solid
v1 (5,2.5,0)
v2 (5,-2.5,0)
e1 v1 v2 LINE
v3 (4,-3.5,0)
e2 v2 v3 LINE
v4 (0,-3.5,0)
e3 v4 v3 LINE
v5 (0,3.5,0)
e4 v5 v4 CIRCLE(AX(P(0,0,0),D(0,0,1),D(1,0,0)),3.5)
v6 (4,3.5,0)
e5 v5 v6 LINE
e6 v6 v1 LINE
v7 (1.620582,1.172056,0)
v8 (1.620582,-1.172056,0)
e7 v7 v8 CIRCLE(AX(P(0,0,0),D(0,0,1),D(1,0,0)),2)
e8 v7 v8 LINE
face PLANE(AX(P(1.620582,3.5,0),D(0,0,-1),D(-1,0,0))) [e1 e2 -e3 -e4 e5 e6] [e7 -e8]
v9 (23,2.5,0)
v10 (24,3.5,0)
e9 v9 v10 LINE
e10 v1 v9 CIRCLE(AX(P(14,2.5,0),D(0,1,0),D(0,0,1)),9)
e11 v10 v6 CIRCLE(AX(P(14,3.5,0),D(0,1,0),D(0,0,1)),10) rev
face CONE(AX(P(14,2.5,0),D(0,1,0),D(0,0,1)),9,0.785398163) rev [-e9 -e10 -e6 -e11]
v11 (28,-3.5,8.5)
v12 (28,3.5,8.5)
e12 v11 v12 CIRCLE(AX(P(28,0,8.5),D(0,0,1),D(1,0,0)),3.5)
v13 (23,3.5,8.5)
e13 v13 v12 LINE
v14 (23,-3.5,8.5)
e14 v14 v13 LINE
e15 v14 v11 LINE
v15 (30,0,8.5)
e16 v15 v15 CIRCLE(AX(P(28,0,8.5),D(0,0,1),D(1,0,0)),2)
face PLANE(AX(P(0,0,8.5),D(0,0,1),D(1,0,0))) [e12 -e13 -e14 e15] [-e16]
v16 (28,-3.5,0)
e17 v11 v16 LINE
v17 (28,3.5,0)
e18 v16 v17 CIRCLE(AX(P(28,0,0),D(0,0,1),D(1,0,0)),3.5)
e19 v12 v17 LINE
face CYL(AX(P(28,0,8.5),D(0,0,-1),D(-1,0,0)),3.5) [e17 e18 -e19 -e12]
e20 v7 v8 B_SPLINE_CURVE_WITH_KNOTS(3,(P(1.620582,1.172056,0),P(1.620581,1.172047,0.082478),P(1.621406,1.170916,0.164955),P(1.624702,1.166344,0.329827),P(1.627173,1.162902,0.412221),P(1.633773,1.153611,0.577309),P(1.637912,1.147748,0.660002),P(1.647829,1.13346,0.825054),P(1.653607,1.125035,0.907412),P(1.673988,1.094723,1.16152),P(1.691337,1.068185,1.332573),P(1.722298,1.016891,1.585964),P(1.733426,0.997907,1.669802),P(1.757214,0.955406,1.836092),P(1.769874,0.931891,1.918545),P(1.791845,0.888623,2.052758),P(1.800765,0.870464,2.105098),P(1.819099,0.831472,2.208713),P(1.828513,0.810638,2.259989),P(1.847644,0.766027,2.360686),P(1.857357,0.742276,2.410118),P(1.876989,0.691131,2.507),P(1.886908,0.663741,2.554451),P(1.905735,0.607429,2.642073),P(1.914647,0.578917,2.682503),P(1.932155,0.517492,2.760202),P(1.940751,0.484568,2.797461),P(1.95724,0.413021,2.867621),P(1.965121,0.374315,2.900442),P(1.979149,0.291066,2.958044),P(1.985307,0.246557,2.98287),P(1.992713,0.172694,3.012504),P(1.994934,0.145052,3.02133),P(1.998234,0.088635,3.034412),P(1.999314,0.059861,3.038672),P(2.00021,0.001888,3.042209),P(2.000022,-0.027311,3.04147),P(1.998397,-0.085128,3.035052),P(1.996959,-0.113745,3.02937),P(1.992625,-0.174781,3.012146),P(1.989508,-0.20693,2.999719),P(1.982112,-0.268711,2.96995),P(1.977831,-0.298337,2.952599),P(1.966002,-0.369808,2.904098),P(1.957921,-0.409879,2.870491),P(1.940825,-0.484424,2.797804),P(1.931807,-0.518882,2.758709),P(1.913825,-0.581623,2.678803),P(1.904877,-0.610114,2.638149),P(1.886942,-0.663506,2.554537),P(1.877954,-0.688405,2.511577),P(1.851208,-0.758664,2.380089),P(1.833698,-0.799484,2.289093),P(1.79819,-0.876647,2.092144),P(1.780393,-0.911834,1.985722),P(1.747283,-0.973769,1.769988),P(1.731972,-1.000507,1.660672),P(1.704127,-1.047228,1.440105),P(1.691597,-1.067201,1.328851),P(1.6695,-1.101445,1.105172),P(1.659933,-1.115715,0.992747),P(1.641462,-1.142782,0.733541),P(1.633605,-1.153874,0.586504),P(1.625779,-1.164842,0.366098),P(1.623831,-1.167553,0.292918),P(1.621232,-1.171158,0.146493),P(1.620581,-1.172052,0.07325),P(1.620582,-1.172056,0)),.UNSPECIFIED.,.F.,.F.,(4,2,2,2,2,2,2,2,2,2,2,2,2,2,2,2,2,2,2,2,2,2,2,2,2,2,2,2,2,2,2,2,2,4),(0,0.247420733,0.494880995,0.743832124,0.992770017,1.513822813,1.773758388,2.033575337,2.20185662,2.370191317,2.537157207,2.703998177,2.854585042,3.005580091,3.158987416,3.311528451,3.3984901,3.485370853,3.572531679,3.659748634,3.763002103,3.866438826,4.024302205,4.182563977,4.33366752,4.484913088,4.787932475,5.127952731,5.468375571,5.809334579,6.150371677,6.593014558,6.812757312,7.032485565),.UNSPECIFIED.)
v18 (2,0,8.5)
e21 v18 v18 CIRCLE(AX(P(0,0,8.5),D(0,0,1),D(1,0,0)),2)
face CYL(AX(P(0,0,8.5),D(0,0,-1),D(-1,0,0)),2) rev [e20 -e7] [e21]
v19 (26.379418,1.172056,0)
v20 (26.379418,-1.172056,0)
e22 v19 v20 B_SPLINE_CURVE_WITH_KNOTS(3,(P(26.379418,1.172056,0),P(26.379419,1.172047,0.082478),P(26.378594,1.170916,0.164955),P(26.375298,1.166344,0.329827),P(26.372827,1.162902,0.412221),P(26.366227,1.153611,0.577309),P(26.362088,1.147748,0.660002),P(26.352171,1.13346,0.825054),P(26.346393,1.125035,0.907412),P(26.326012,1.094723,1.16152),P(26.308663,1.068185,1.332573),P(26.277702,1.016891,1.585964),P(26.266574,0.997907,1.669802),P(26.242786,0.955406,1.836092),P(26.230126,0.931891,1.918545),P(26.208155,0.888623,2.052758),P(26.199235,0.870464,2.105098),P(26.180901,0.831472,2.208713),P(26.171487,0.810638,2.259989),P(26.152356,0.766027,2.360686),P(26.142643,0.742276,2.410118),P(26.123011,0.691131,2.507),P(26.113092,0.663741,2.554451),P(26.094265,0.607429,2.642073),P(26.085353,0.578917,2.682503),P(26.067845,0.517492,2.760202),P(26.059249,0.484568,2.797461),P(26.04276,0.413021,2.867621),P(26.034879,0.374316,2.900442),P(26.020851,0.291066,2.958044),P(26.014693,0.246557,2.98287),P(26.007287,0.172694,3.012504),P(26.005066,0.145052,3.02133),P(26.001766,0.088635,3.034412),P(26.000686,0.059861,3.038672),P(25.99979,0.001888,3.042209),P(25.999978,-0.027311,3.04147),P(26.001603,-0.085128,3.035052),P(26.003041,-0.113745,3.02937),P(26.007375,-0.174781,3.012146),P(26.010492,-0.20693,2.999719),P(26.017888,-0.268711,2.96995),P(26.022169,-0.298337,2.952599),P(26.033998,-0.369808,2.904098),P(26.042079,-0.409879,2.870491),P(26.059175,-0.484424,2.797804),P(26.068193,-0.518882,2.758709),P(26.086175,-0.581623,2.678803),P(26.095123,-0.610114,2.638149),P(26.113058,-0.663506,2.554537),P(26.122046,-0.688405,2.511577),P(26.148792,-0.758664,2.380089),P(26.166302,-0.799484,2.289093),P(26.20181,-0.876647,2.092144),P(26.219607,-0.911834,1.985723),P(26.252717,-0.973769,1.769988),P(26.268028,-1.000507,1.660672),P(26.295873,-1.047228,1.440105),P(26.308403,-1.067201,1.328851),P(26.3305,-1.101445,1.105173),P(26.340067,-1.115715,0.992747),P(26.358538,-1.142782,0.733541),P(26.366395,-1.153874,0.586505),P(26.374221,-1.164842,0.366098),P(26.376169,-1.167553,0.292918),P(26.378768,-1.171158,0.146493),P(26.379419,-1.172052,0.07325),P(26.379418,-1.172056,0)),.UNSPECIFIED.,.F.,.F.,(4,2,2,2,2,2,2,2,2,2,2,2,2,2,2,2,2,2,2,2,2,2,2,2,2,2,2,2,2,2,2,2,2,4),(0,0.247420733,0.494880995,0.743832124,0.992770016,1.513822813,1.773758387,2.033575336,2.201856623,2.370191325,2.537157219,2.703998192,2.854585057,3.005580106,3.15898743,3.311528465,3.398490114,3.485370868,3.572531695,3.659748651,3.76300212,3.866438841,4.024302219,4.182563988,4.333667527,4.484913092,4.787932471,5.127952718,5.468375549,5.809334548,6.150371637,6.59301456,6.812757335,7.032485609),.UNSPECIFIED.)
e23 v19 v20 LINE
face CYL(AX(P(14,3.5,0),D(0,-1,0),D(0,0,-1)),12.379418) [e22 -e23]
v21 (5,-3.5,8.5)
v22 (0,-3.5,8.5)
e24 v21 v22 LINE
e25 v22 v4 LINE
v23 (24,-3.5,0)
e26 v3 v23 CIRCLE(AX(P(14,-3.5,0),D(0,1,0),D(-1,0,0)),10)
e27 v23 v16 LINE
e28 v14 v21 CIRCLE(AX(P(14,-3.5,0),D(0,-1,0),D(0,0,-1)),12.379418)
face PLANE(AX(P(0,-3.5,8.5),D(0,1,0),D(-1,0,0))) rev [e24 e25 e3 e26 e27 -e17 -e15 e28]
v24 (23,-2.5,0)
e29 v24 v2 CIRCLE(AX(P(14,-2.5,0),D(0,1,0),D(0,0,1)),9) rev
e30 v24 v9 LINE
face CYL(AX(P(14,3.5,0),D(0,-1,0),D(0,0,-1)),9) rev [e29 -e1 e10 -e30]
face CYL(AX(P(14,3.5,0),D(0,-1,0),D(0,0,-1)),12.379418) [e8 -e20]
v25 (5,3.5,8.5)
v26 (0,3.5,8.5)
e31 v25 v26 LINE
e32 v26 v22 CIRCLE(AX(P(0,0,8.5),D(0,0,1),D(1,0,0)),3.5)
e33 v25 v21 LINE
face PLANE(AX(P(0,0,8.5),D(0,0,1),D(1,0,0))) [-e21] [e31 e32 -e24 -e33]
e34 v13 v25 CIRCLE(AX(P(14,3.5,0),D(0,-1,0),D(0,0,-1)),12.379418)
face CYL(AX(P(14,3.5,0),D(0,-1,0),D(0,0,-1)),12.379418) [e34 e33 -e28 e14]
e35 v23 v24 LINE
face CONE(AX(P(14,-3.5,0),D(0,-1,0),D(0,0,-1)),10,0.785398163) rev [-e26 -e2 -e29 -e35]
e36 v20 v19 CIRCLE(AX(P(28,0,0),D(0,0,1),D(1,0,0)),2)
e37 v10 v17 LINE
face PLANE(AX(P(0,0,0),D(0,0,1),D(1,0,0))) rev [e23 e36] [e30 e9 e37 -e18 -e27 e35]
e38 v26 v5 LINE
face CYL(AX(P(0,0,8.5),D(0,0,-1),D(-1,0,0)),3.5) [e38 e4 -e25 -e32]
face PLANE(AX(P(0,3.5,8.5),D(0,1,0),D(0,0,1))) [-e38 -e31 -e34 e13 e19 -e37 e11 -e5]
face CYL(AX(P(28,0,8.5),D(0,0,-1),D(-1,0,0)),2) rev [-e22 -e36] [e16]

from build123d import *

# Parameters (mm, degrees)
CROQUIS1_R                = 2
SALIENTE_EXTRUIR1_DEPTH   = 8.5
SALIENTE_EXTRUIR1_2_DEPTH = 8.5
SALIENTE_EXTRUIR2_DEPTH   = 7
CHAFL_N1_SIZE             = 1


with BuildPart() as part:
    # Croquis1 → Saliente-Extruir1 (new body)
    with BuildSketch(Plane.XY):
        with BuildLine():
            Line((23, 3.5), (23, -3.5))
            Line((23, -3.5), (28, -3.5))
            ThreePointArc((28, -3.5), (30.474873734, -2.474873734), (31.5, 0))
            ThreePointArc((31.5, 0), (30.474873734, 2.474873734), (28, 3.5))
            Line((28, 3.5), (23, 3.5))
        make_face()
        with Locations((28, 0)):
            Circle(CROQUIS1_R, mode=Mode.SUBTRACT)
    extrude(amount=SALIENTE_EXTRUIR1_DEPTH)



with BuildPart() as body_2:
    # Croquis1 → Saliente-Extruir1 2 (new body)
    with BuildSketch(Plane.XY):
        with BuildLine():
            Line((5, -3.5), (5, 3.5))
            Line((5, 3.5), (0, 3.5))
            ThreePointArc((0, 3.5), (-3.5, 0), (0, -3.5))
            Line((0, -3.5), (5, -3.5))
        make_face()
        Circle(CROQUIS1_R, mode=Mode.SUBTRACT)
    extrude(amount=SALIENTE_EXTRUIR1_2_DEPTH)


with BuildPart() as part_1:
    add(part.part)

    add(body_2.part)  # Saliente-Extruir2 merges body 2
    # Croquis2 → Saliente-Extruir2 (add, through all)
    with BuildSketch(Plane.XZ.offset(3.5)):
        with BuildLine():
            Line((1.620581602, 2e-09), (5.000000002, 2e-09))
            ThreePointArc((5.000000002, 2e-09), (14.000000002, 9.000000002), (23.000000002, 2e-09))
            Line((23.000000002, 2e-09), (26.379418402, 2e-09))
            ThreePointArc((26.379418402, 2e-09), (14.000000002, 12.379418402), (1.620581602, 2e-09))
        make_face()
    extrude(amount=-SALIENTE_EXTRUIR2_DEPTH)

    # Chaflán1
    chafl_n1_edges = [part_1.edges().sort_by_distance(p)[0] for p in [
        (14.000000002, 3.5, 9.000000002),
        (14.000000002, -3.5, 9.000000002),
    ]]
    chamfer(chafl_n1_edges, length=CHAFL_N1_SIZE)


solid = part_1.part
